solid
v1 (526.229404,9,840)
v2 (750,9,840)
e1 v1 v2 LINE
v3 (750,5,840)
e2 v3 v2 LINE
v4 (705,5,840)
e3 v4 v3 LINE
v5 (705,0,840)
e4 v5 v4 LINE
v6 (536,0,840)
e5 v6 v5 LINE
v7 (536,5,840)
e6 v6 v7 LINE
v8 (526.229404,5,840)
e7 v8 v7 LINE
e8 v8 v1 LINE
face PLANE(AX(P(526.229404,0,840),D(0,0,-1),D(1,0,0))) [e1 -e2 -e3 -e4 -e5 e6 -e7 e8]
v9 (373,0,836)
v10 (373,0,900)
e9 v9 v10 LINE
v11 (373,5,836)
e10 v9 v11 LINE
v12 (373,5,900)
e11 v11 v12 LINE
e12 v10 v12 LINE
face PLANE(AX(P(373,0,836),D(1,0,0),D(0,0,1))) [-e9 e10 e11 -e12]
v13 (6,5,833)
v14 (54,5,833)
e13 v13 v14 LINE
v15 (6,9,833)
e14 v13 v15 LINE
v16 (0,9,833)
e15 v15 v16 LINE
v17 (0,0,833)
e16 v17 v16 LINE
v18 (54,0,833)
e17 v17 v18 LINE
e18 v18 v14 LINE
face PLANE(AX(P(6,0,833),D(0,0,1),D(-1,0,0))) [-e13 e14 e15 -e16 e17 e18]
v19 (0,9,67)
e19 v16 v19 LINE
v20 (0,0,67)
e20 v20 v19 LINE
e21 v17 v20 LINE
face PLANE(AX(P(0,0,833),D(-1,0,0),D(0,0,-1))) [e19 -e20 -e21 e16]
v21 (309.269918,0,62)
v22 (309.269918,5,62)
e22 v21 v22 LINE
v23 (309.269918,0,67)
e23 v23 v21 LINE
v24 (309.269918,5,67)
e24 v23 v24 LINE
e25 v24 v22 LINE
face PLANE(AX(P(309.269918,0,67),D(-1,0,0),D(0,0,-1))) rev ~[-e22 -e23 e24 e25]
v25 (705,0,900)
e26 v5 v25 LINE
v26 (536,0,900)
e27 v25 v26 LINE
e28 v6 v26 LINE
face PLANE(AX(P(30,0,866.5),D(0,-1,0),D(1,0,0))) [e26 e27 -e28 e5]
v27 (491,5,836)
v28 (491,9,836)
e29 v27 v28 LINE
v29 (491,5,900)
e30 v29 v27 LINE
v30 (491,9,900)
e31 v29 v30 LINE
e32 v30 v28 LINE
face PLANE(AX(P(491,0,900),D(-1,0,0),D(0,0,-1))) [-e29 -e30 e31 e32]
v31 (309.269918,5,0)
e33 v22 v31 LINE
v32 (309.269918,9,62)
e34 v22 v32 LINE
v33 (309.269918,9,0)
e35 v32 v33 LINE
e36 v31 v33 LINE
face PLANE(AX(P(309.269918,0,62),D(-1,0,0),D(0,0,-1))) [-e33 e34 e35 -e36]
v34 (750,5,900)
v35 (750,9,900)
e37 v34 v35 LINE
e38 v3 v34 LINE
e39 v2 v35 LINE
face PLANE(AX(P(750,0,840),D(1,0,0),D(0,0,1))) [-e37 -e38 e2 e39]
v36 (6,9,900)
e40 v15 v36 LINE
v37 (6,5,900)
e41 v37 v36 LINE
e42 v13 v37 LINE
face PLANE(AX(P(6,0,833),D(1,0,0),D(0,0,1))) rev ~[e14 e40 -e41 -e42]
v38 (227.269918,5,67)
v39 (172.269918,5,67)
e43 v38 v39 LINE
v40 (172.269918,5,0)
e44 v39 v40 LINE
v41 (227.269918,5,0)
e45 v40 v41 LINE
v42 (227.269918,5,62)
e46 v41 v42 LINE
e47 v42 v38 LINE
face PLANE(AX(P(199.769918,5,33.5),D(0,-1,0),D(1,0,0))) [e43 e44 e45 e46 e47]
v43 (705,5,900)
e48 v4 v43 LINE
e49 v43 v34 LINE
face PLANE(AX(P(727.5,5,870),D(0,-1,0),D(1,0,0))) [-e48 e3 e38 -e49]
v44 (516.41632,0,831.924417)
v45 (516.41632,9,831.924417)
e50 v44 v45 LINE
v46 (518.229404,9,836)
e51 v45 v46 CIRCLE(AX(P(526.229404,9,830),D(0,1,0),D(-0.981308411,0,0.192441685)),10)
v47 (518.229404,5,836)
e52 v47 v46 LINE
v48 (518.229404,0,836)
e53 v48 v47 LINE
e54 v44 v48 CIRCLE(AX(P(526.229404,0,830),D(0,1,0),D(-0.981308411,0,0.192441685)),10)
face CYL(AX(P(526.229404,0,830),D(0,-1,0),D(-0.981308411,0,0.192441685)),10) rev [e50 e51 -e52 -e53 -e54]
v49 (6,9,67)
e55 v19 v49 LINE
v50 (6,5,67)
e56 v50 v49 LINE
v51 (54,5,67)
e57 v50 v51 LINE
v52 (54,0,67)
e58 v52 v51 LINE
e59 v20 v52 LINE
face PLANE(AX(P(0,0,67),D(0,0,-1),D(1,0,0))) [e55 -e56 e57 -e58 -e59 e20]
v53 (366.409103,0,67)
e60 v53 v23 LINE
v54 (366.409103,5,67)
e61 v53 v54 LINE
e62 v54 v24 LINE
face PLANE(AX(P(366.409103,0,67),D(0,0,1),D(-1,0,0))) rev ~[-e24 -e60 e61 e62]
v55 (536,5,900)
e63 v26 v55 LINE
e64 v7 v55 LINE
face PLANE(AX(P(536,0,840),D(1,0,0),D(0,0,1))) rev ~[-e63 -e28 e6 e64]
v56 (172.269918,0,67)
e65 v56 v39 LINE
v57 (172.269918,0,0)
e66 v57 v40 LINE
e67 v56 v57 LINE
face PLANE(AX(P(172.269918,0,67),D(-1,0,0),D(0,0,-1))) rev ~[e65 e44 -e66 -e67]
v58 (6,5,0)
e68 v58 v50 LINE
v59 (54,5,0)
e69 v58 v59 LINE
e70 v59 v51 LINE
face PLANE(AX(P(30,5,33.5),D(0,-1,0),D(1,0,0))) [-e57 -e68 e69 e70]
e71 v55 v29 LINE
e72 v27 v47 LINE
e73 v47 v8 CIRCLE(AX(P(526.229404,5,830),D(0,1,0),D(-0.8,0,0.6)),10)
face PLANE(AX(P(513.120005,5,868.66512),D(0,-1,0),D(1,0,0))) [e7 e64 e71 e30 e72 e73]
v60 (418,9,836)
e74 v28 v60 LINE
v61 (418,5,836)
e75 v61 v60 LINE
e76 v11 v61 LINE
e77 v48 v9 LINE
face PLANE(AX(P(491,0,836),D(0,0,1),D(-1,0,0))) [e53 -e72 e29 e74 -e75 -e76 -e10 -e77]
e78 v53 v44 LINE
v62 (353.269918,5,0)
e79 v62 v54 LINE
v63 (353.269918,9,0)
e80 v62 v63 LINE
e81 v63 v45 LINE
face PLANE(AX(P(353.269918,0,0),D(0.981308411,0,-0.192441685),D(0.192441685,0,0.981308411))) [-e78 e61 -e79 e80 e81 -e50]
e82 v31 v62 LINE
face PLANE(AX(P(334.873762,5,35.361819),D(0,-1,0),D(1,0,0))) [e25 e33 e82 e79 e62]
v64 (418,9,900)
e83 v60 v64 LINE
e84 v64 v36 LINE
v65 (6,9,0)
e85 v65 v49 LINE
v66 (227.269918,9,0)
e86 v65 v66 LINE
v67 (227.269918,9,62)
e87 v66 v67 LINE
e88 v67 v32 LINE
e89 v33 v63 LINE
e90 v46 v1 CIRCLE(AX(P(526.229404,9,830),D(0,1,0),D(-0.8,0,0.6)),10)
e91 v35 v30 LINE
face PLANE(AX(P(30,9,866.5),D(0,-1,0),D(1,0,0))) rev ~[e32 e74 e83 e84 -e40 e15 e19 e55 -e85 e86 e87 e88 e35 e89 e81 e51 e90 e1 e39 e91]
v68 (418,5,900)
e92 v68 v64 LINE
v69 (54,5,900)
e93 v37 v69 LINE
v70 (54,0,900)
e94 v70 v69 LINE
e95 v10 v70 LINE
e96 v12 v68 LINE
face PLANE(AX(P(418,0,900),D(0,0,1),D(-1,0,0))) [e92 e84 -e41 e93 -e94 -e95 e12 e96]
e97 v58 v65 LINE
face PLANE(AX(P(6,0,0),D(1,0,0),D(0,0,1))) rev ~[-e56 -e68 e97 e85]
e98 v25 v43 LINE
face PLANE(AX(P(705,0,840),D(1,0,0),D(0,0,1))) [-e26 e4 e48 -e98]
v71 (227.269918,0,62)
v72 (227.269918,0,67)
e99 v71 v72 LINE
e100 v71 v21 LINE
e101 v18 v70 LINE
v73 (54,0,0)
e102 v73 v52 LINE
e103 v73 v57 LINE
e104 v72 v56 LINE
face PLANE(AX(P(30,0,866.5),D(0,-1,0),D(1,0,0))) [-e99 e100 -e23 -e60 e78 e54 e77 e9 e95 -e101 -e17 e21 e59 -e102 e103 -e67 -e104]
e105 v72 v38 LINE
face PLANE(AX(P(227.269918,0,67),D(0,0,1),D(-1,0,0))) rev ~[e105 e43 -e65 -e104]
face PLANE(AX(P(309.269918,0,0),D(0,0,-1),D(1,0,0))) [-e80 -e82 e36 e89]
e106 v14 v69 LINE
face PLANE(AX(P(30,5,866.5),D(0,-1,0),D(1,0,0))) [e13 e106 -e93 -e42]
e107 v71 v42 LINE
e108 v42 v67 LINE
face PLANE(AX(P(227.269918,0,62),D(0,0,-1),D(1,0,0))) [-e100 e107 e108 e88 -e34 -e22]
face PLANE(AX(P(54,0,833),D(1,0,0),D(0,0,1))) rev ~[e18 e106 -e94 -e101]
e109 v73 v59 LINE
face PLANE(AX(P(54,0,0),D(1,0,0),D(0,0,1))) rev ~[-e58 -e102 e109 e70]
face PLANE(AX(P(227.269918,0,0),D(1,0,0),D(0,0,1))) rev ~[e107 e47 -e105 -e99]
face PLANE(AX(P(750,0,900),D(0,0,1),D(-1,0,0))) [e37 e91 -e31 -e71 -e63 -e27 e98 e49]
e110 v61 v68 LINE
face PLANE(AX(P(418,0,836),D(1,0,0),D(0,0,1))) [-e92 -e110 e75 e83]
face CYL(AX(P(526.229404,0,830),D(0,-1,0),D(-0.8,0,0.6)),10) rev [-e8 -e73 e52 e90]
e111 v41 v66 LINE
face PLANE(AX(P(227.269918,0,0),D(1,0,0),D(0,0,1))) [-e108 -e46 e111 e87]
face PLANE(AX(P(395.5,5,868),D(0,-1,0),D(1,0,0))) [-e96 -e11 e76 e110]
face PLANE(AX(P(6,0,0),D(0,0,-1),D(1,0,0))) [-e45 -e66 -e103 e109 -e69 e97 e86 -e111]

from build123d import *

# Parameters (mm, degrees)
F0_W     = 48
F0_H     = 67
F0_W_2   = 45
F0_H_2   = 60
F0_H_3   = 64
F0_W_3   = 169
F1_DEPTH = 9
F2_DEPTH = 5


with BuildPart() as f1:
    # F0 (on Front) → F1 (new body)
    with BuildSketch(Plane.XZ):
        with Locations((30, 866.5)):
            Rectangle(F0_W, F0_H)
        with Locations((727.5, 870)):
            Rectangle(F0_W_2, F0_H_2)
        with Locations((395.5, 868)):
            Rectangle(F0_W_2, F0_H_3)
        with Locations((620.5, 870)):
            Rectangle(F0_W_3, F0_H_2)
        with BuildLine():
            Line((6, 833), (0, 833))
            Line((0, 833), (0, 67))
            Line((0, 67), (6, 67))
            Line((6, 67), (54, 67))
            Line((54, 67), (54, 0))
            Line((54, 0), (172.2699177442, 0))
            Line((172.2699177442, 0), (172.2699177442, 67))
            Line((172.2699177442, 67), (227.2699177442, 67))
            Line((227.2699177442, 67), (227.2699177442, 62))
            Line((227.2699177442, 62), (309.2699177442, 62))
            Line((309.2699177442, 62), (309.2699177442, 67))
            Line((309.2699177442, 67), (366.4091028765, 67))
            Line((366.4091028765, 67), (516.4163196705, 831.9244168488))
            ThreePointArc((516.4163196705, 831.9244168488), (517.0927147816, 834.0645927345), (518.2294037827, 836))
            Line((518.2294037827, 836), (491, 836))
            Line((491, 836), (418, 836))
            Line((418, 836), (373, 836))
            Line((373, 836), (373, 900))
            Line((373, 900), (54, 900))
            Line((54, 900), (54, 833))
            Line((54, 833), (6, 833))
        make_face()
        Polygon((309.2699177442, 62), (309.2699177442, 0), (353.2699177442, 0), (366.4091028765, 67), (309.2699177442, 67), align=None)
        with BuildLine():
            Line((536, 900), (491, 900))
            Line((491, 900), (491, 836))
            Line((491, 836), (518.2294037827, 836))
            ThreePointArc((518.2294037827, 836), (521.7572678277, 838.94427191), (526.2294037827, 840))
            Line((526.2294037827, 840), (536, 840))
            Line((536, 840), (536, 900))
        make_face()
        Polygon((172.2699177442, 67), (172.2699177442, 0), (227.2699177442, 0), (227.2699177442, 62), (227.2699177442, 67), align=None)
        with Locations((30, 33.5)):
            Rectangle(F0_W, F0_H)
    extrude(amount=-F1_DEPTH)

    # F0 (on Front) → F2 (cut)
    with BuildSketch(Plane.XZ):
        with Locations((30, 866.5)):
            Rectangle(F0_W, F0_H)
        with Locations((727.5, 870)):
            Rectangle(F0_W_2, F0_H_2)
        with Locations((395.5, 868)):
            Rectangle(F0_W_2, F0_H_3)
        with BuildLine():
            Line((536, 900), (491, 900))
            Line((491, 900), (491, 836))
            Line((491, 836), (518.2294037827, 836))
            ThreePointArc((518.2294037827, 836), (521.7572678277, 838.94427191), (526.2294037827, 840))
            Line((526.2294037827, 840), (536, 840))
            Line((536, 840), (536, 900))
        make_face()
        Polygon((309.2699177442, 62), (309.2699177442, 0), (353.2699177442, 0), (366.4091028765, 67), (309.2699177442, 67), align=None)
        Polygon((172.2699177442, 67), (172.2699177442, 0), (227.2699177442, 0), (227.2699177442, 62), (227.2699177442, 67), align=None)
        with Locations((30, 33.5)):
            Rectangle(F0_W, F0_H)
    extrude(amount=-F2_DEPTH, mode=Mode.SUBTRACT)


solid = f1.part
